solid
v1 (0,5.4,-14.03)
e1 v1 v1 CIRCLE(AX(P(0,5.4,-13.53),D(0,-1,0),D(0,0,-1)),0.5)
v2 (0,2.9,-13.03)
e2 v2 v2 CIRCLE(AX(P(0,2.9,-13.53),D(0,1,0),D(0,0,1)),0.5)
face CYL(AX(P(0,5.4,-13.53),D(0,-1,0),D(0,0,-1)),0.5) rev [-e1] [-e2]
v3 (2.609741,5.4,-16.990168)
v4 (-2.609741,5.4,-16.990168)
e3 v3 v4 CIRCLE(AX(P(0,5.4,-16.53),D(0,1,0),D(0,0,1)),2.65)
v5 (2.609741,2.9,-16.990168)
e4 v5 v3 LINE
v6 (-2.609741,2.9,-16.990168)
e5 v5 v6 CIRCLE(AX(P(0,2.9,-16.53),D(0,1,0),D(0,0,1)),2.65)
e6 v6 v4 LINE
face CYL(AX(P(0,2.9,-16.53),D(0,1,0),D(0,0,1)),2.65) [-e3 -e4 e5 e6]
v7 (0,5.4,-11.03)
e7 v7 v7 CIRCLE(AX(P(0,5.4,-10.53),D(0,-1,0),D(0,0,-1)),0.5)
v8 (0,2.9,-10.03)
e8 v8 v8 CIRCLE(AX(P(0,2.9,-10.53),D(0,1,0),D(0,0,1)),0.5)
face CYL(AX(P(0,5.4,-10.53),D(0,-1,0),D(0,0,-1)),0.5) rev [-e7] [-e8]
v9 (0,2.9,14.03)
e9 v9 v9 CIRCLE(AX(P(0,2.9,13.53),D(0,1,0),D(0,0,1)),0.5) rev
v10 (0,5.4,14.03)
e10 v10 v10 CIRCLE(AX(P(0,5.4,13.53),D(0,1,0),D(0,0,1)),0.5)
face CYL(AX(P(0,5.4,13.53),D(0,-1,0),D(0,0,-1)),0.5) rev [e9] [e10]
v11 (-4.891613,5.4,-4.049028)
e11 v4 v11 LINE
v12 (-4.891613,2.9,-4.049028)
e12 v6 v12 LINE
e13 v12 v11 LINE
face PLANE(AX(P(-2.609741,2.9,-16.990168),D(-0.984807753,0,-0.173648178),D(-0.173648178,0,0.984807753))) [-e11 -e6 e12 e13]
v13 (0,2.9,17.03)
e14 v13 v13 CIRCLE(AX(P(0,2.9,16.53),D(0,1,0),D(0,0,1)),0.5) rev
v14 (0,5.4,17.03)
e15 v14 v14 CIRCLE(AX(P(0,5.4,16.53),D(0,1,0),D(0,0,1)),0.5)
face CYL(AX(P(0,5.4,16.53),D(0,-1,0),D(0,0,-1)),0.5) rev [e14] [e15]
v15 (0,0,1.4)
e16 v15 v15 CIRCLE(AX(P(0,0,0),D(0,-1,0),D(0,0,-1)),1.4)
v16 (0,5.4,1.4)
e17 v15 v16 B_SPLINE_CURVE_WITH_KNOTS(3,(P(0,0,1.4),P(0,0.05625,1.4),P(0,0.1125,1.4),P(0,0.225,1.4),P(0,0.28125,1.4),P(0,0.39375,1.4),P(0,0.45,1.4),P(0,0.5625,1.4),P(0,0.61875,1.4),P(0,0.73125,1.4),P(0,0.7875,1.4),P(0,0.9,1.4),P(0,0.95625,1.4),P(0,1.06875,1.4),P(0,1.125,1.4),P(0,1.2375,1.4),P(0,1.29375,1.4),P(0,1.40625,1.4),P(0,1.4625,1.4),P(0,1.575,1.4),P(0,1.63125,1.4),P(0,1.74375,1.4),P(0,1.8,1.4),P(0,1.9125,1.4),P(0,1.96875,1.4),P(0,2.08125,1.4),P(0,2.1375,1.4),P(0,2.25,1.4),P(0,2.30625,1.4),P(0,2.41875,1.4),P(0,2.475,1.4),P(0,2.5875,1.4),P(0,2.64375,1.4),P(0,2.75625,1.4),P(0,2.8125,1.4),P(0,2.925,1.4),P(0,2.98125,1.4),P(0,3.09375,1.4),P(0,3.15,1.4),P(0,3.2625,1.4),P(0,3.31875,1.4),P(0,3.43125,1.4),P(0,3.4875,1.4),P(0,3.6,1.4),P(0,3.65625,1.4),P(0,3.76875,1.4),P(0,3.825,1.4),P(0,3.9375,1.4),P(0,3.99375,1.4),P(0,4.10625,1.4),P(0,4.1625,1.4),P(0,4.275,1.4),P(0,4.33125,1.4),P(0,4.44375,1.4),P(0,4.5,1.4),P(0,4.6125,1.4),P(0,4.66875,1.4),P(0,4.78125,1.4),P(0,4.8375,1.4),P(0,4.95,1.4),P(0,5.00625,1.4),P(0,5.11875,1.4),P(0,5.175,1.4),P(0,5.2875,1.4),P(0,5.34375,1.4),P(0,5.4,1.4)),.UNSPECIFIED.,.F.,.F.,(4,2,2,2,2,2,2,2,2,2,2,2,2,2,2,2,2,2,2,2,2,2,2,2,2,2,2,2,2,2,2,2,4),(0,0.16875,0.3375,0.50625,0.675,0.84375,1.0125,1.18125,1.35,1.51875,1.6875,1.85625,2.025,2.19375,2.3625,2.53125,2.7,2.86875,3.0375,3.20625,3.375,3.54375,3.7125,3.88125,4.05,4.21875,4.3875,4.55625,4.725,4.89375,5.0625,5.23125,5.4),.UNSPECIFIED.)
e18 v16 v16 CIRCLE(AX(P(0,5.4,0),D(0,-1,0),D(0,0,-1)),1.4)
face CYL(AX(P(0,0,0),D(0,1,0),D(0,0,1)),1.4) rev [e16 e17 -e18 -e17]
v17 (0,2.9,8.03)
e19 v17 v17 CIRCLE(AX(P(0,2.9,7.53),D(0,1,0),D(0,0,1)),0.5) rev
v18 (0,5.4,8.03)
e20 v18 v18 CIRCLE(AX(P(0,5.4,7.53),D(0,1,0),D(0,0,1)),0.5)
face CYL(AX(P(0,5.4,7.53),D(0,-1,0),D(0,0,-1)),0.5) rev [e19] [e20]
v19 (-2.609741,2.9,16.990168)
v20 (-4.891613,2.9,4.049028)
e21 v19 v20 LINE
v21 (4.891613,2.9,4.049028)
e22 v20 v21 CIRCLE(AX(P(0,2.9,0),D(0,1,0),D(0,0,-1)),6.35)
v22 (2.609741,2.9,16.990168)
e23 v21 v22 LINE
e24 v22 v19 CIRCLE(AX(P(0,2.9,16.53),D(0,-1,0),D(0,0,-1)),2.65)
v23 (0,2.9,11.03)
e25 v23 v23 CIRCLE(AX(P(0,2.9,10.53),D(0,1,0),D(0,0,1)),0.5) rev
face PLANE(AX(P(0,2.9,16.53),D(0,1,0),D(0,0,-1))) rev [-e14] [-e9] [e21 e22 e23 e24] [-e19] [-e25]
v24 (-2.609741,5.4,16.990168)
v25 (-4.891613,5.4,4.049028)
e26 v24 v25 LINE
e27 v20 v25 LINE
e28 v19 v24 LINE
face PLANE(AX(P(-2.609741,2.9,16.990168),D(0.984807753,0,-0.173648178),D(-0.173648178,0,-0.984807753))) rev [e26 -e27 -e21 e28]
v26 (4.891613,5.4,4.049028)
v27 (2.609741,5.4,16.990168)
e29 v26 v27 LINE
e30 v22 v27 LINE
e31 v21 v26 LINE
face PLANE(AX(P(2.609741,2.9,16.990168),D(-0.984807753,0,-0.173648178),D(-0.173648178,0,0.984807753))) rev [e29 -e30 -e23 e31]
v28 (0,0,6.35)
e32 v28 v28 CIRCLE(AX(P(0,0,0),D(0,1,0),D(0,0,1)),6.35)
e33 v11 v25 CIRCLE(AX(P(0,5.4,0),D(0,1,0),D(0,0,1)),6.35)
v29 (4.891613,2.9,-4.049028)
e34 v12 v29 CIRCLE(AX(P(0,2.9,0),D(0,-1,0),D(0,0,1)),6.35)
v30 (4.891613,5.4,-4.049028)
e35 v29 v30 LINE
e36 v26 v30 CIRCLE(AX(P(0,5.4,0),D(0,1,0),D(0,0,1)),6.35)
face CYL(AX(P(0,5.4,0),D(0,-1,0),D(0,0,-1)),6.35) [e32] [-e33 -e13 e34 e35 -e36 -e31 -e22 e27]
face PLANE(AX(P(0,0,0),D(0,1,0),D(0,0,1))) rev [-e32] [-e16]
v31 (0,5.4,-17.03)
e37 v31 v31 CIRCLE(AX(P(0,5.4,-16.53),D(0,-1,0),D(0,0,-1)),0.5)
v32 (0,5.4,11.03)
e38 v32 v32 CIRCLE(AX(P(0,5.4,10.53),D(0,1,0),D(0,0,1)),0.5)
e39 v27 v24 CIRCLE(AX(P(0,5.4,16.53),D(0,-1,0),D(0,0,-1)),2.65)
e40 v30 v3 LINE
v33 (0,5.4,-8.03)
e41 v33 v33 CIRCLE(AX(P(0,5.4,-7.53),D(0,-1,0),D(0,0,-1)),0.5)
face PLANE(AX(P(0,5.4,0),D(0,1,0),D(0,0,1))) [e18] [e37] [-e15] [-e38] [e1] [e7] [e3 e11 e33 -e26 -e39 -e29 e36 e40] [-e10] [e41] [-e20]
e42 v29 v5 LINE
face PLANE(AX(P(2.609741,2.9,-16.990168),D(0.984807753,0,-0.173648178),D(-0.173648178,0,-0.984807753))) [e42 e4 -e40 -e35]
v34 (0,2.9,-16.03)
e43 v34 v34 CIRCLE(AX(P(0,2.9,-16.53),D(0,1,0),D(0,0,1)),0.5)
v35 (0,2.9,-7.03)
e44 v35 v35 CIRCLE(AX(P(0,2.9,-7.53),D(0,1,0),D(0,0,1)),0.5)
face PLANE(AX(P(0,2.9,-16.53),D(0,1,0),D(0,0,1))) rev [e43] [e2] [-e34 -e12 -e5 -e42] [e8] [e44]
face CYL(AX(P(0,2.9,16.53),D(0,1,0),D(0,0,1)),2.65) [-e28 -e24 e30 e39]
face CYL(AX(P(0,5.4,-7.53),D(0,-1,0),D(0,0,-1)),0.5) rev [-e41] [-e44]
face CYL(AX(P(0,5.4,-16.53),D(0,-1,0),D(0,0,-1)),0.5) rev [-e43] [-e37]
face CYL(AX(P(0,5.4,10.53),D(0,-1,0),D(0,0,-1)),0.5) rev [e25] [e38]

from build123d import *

# Parameters (mm, degrees)
SKETCH1_R               = 6.35
BOSS_EXTRUDE1_DEPTH     = 5.4
HORN_START              = -2.5
HORN_DEPTH              = 2.5
SKETCH4_R               = 1.4
CUT_EXTRUDE1_DEPTH      = 21.913031822
SKETCH5_R               = 0.5
CUT_EXTRUDE2_DEPTH      = 21.913031822
LPATTERN1_COUNT         = 4
LPATTERN1_PITCH         = 3
MIRROR1_COPY_1_SKETCH_R = 0.5
MIRROR1_COPY_1_DEPTH    = 21.913031822
MIRROR1_COPY_2_SKETCH_R = 0.5
MIRROR1_COPY_2_DEPTH    = 21.913031822
MIRROR1_COPY_3_SKETCH_R = 0.5
MIRROR1_COPY_3_DEPTH    = 21.913031822


with BuildPart() as part:
    # Sketch1 → Boss-Extrude1 (new body)
    with BuildSketch(Plane(origin=(0, 0, 0), x_dir=(1, 0, 0), z_dir=(0, 1, 0))):
        with Locations(Location((0, 0, 0), (0, 0, 90))):
            Circle(SKETCH1_R)
    extrude(amount=BOSS_EXTRUDE1_DEPTH)

    # Sketch2 → horn (add)
    with BuildSketch(Plane(origin=(0, 5.4, 0), x_dir=(1, 0, 0), z_dir=(0, 1, 0)).offset(HORN_START)):
        with BuildLine():
            Line((-2.609740545, 16.990167671), (-4.891612682, 4.049027706))
            ThreePointArc((-4.891612682, 4.049027706), (0, 6.35), (4.891612682, 4.049027706))
            Line((4.891612682, 4.049027706), (2.609740545, 16.990167671))
            ThreePointArc((2.609740545, 16.990167671), (0, 19.18), (-2.609740545, 16.990167671))
        make_face()
    horn = extrude(amount=HORN_DEPTH)

    # Sketch4 → Cut-Extrude1 (cut, through all)
    with BuildSketch(Plane(origin=(0, 5.4, 0), x_dir=(-1, 0, 0), z_dir=(0, -1, 0))):
        with Locations(Location((0, 0, 0), (0, 0, 270))):
            Circle(SKETCH4_R)
    extrude(amount=CUT_EXTRUDE1_DEPTH, mode=Mode.SUBTRACT)

    # Sketch5 → Cut-Extrude2 (cut, through all)
    with BuildSketch(Plane(origin=(0, 0, 0), x_dir=(-1, 0, 0), z_dir=(0, -1, 0))):
        with Locations(Location((0, 16.53, 0), (0, 0, 90))):
            Circle(SKETCH5_R)
    cut_extrude2 = extrude(amount=-CUT_EXTRUDE2_DEPTH, mode=Mode.SUBTRACT)

    # LPattern1: Cut-Extrude2 ×4
    with Locations(*[(0, 0, i * LPATTERN1_PITCH) for i in range(1, LPATTERN1_COUNT)]):
        add(cut_extrude2, mode=Mode.SUBTRACT)

    # Mirror1: horn, Cut-Extrude2 across plane
    add(horn.mirror(Plane.XY))
    add(cut_extrude2.mirror(Plane.XY), mode=Mode.SUBTRACT)

    # Mirror1 copy 1 sketch → Mirror1 copy 1 (cut, through all)
    with BuildSketch(Plane(origin=(0, 0, -3), x_dir=(-1, 0, 0), z_dir=(0, -1, 0))):
        with Locations((0, -16.53)):
            Circle(MIRROR1_COPY_1_SKETCH_R)
    extrude(amount=-MIRROR1_COPY_1_DEPTH, mode=Mode.SUBTRACT)

    # Mirror1 copy 2 sketch → Mirror1 copy 2 (cut, through all)
    with BuildSketch(Plane(origin=(0, 0, -6), x_dir=(-1, 0, 0), z_dir=(0, -1, 0))):
        with Locations((0, -16.53)):
            Circle(MIRROR1_COPY_2_SKETCH_R)
    extrude(amount=-MIRROR1_COPY_2_DEPTH, mode=Mode.SUBTRACT)

    # Mirror1 copy 3 sketch → Mirror1 copy 3 (cut, through all)
    with BuildSketch(Plane(origin=(0, 0, -9), x_dir=(-1, 0, 0), z_dir=(0, -1, 0))):
        with Locations((0, -16.53)):
            Circle(MIRROR1_COPY_3_SKETCH_R)
    extrude(amount=-MIRROR1_COPY_3_DEPTH, mode=Mode.SUBTRACT)


solid = part.part
